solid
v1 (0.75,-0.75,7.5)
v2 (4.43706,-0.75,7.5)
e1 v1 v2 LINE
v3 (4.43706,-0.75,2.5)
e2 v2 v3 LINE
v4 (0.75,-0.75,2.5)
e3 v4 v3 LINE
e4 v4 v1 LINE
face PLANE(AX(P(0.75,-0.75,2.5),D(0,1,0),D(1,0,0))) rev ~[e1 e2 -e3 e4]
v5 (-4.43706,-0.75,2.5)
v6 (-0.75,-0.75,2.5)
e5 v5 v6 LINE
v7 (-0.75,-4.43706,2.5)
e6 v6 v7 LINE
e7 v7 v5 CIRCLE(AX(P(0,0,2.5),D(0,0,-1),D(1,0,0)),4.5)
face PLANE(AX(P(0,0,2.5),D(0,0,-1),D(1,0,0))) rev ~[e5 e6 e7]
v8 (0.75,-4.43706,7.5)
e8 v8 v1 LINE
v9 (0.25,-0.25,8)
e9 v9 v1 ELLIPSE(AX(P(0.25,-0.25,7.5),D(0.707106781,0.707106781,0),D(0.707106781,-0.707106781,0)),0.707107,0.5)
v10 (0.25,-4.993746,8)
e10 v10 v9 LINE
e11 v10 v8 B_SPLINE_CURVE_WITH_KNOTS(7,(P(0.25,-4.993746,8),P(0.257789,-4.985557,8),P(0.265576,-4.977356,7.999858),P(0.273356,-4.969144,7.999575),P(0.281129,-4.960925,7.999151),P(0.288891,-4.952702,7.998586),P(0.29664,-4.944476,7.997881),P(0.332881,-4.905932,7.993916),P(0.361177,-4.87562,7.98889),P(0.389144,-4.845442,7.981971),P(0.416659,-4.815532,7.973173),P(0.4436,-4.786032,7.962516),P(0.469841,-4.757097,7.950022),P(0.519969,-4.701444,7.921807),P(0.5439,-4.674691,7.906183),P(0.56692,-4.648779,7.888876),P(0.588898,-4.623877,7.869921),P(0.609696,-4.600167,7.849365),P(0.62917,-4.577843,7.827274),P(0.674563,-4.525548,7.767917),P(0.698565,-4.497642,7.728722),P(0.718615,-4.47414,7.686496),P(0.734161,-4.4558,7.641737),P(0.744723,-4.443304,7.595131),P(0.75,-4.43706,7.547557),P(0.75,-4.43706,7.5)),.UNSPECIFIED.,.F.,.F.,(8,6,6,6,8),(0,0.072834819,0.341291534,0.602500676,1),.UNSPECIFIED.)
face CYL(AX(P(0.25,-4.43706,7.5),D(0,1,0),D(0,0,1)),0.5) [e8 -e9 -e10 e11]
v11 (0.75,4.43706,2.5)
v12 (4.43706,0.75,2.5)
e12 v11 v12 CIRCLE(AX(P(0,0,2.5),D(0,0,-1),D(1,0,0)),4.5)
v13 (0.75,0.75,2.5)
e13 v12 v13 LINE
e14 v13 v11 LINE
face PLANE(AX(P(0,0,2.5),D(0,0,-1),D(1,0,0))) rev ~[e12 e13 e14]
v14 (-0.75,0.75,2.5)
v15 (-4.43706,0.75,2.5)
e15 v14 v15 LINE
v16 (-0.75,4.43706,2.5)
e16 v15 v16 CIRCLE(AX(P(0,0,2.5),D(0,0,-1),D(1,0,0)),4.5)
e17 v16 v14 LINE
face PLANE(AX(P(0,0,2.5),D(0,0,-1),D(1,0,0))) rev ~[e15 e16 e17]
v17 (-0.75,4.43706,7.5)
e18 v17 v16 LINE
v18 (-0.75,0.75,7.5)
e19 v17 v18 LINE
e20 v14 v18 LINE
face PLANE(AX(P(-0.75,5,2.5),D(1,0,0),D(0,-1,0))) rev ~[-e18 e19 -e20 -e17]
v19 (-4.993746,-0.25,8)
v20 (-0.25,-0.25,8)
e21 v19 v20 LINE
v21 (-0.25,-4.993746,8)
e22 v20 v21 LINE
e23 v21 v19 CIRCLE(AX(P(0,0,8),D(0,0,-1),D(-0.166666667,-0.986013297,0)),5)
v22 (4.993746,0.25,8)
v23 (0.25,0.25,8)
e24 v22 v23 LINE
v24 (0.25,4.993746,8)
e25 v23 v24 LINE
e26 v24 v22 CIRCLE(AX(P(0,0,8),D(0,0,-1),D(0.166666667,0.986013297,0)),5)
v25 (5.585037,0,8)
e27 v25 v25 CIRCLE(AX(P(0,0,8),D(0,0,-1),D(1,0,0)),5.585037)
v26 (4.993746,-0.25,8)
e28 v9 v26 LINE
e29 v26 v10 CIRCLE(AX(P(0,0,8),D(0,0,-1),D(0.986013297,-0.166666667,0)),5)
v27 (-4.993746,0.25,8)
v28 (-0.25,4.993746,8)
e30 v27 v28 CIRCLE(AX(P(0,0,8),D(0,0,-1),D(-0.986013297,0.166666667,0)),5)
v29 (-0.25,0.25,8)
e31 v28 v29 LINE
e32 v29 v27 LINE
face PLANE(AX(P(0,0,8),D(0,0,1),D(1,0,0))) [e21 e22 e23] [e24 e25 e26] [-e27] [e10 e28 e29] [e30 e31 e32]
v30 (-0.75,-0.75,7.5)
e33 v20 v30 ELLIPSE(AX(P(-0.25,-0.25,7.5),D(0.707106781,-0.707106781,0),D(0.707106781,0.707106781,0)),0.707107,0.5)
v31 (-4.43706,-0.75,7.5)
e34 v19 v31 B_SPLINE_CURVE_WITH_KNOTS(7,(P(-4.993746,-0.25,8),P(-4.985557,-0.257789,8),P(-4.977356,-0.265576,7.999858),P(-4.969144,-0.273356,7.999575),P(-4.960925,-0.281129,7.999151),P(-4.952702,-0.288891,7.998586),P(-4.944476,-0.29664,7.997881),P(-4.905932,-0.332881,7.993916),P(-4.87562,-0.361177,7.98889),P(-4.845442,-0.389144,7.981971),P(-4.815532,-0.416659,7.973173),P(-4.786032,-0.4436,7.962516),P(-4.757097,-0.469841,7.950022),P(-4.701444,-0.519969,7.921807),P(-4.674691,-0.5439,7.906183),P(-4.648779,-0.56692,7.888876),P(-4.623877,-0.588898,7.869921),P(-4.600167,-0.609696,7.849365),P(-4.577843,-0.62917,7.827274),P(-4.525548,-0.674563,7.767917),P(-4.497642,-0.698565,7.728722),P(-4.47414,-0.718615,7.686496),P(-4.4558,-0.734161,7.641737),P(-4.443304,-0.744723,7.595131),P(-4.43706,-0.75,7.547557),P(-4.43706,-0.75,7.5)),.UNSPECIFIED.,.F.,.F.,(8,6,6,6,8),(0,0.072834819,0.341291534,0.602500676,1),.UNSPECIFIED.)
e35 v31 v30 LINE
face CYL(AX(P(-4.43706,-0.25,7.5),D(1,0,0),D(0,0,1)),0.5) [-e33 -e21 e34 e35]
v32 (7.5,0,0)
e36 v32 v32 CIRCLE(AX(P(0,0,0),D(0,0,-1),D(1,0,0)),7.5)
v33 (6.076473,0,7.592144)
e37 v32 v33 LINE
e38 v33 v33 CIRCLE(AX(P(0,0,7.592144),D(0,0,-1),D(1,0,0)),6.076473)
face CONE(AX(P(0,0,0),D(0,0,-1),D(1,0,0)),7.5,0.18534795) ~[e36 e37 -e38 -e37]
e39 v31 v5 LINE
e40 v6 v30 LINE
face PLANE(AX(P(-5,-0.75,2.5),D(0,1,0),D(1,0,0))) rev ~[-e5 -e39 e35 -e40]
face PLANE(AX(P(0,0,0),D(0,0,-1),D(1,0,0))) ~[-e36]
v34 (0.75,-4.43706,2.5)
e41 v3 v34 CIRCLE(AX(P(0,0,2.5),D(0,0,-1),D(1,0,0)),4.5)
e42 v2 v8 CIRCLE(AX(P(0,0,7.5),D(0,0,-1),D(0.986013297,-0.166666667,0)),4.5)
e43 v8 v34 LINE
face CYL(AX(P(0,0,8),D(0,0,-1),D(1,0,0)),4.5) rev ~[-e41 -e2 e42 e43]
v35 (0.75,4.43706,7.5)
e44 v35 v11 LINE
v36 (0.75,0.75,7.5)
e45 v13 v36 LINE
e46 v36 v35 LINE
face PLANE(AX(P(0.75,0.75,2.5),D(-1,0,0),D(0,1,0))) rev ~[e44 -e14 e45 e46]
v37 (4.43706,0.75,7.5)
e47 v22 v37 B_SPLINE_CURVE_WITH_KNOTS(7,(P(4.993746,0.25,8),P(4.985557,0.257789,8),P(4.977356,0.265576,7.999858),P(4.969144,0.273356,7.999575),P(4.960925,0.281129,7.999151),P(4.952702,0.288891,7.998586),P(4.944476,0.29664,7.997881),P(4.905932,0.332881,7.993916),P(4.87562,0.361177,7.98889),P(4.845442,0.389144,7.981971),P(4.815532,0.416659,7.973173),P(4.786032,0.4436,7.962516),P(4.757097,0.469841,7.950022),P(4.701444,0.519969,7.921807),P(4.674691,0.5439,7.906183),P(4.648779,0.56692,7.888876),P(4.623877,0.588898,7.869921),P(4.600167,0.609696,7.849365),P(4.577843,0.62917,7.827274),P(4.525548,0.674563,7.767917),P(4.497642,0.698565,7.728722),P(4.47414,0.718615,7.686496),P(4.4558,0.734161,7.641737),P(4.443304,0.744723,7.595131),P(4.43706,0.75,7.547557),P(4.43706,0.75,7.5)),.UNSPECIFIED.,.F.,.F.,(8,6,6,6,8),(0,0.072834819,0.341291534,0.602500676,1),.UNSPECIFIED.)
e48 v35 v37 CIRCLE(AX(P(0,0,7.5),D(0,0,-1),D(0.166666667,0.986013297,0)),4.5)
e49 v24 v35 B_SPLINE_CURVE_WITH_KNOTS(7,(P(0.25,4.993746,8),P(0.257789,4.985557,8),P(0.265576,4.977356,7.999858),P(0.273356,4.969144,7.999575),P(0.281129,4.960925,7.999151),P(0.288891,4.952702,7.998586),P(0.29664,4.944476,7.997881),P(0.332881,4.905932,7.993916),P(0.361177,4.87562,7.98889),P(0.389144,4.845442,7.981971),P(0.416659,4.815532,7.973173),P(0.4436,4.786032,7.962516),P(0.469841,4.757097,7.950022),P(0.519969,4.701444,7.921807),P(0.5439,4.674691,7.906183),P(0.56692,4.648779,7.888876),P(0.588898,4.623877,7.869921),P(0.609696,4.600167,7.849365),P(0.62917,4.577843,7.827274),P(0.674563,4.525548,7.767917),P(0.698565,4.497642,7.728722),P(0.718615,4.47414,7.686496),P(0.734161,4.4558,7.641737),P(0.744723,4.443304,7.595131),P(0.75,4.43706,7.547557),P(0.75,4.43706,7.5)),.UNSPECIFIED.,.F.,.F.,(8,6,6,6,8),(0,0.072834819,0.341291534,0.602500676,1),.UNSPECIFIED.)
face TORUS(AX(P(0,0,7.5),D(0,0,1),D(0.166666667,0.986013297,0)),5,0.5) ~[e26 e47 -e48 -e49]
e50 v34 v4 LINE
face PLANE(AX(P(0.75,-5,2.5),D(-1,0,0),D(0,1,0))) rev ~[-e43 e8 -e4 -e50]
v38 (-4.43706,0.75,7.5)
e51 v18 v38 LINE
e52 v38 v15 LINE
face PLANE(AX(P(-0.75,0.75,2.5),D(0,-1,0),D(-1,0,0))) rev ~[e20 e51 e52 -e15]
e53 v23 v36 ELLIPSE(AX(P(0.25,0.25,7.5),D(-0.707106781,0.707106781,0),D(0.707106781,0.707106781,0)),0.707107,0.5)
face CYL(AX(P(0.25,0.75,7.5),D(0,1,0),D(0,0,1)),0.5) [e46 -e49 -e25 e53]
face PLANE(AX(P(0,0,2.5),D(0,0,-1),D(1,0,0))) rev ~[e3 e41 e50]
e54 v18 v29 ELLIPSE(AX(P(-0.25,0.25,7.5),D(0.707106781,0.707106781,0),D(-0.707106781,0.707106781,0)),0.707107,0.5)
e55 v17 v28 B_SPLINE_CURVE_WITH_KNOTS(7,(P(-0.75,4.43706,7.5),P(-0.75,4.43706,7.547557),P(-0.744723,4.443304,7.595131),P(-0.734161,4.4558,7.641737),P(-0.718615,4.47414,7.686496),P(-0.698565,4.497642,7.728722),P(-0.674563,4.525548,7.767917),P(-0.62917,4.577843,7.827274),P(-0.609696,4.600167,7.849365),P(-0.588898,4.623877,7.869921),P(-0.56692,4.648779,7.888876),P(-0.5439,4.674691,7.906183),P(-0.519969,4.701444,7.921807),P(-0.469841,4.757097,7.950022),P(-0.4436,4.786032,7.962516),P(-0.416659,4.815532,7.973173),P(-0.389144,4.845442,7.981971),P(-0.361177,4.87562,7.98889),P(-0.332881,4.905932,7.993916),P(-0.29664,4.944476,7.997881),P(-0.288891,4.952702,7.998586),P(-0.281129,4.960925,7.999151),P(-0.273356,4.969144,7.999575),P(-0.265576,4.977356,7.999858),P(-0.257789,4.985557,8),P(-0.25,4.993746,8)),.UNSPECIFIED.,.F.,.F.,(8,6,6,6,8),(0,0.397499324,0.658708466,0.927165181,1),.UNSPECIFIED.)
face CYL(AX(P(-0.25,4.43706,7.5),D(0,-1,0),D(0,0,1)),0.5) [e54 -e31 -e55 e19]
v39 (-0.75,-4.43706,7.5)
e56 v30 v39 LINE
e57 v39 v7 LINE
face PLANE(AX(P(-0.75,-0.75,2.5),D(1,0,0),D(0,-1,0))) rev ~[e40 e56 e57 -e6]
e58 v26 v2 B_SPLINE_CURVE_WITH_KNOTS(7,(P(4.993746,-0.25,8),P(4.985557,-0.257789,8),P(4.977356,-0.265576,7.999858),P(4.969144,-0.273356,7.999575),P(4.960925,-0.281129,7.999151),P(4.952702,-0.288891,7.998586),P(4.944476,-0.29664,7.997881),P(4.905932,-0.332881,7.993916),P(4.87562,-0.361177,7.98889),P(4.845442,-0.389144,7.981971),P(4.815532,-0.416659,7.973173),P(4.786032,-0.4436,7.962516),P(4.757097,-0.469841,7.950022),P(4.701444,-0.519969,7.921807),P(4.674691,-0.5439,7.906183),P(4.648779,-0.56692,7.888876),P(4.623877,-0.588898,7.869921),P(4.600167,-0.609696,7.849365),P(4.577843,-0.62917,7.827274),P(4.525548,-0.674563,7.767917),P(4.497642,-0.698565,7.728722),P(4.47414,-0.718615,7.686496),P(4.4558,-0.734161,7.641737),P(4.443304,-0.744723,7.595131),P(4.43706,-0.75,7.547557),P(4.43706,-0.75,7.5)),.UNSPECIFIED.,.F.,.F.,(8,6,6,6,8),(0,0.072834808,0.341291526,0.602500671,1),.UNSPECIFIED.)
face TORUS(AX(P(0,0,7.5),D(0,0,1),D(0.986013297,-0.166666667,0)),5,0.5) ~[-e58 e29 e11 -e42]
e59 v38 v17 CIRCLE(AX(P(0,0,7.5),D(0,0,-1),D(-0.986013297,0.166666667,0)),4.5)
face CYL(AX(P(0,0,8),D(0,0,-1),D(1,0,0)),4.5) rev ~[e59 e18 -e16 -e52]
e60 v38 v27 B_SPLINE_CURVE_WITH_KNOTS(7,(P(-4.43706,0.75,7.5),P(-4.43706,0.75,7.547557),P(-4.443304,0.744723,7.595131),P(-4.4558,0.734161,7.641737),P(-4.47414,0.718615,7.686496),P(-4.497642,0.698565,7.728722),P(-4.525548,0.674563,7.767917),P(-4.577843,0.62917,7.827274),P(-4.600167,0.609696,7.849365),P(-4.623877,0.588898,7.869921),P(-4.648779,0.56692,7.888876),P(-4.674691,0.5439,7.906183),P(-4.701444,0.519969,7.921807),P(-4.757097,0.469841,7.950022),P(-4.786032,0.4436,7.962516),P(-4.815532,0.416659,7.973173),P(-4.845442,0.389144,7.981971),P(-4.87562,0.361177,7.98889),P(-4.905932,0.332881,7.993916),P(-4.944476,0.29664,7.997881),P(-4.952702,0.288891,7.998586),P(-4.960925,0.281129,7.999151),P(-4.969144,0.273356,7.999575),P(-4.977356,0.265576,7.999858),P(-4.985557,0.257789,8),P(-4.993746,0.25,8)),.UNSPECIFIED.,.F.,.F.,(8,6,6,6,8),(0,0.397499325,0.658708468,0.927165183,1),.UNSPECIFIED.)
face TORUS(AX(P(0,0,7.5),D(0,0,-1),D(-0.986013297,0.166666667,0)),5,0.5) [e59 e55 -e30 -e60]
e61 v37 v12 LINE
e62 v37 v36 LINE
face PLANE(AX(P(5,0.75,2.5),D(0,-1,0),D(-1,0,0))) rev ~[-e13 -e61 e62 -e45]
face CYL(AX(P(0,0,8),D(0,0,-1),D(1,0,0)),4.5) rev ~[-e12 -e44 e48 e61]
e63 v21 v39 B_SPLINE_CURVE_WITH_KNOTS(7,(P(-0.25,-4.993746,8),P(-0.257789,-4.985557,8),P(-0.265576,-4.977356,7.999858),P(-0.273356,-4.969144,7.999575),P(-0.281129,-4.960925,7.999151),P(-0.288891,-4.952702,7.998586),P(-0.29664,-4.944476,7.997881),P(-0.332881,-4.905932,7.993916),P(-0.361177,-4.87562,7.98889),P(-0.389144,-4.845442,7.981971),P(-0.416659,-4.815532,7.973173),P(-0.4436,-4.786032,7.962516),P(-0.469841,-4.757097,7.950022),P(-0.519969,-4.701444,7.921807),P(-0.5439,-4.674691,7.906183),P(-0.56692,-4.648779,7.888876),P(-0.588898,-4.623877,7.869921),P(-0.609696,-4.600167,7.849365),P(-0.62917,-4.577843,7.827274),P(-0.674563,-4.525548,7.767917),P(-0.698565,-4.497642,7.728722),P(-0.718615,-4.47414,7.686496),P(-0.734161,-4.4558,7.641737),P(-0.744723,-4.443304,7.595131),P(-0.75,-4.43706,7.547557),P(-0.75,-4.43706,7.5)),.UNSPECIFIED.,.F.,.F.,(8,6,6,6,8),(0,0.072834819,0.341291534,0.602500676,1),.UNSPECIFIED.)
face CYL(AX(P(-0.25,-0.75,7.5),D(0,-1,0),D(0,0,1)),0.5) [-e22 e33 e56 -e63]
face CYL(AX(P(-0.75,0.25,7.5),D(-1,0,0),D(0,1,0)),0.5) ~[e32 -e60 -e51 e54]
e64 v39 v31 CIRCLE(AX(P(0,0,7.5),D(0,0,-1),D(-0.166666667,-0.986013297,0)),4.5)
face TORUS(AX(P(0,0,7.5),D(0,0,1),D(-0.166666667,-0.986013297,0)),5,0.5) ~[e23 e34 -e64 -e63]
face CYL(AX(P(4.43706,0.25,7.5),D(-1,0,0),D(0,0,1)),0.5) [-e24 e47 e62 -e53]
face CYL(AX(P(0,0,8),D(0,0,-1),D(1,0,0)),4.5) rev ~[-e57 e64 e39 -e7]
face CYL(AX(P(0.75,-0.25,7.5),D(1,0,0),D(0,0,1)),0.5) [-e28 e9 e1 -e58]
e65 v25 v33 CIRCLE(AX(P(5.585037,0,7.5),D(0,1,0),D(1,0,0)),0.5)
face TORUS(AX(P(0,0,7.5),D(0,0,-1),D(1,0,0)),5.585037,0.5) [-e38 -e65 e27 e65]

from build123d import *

# Parameters (mm, degrees)
F3_DEPTH = 5.5
F4_R     = 0.5


with BuildPart() as f1:
    # F0 (on Front) → F1 (revolve)
    with BuildSketch(Plane.XZ):
        Polygon((0, 2.5), (0, 0), (7.5, 0), (6, 8), (4.5, 8), (4.5, 2.5), align=None)
    revolve(axis=Axis((0, 0, 1.25), (0, 0, -1)))

    # F2 (on face) → F3 (join, through all)
    with BuildSketch(Plane.XY.offset(2.5)):
        Polygon((-0.75, 0.75), (-5, 0.75), (-5, -0.75), (-0.75, -0.75), (-0.75, -5), (0.75, -5), (0.75, -0.75), (5, -0.75), (5, 0.75), (0.75, 0.75), (0.75, 5), (-0.75, 5), align=None)
    extrude(amount=F3_DEPTH)

    # F4
    f4_edges = [f1.edges().sort_by_distance(p)[0] for p in [
        (-6, 0, 8),
        (-2.59353, -0.75, 8),
        (-0.75, -2.59353, 8),
        (-3.181981, -3.181981, 8),
        (-3.181981, 3.181981, 8),
        (-2.59353, 0.75, 8),
        (-0.75, 2.59353, 8),
        (0.75, 2.59353, 8),
        (3.181981, 3.181981, 8),
        (2.59353, 0.75, 8),
        (2.59353, -0.75, 8),
        (3.181981, -3.181981, 8),
        (0.75, -2.59353, 8),
    ]]
    fillet(f4_edges, radius=F4_R)


solid = f1.part
